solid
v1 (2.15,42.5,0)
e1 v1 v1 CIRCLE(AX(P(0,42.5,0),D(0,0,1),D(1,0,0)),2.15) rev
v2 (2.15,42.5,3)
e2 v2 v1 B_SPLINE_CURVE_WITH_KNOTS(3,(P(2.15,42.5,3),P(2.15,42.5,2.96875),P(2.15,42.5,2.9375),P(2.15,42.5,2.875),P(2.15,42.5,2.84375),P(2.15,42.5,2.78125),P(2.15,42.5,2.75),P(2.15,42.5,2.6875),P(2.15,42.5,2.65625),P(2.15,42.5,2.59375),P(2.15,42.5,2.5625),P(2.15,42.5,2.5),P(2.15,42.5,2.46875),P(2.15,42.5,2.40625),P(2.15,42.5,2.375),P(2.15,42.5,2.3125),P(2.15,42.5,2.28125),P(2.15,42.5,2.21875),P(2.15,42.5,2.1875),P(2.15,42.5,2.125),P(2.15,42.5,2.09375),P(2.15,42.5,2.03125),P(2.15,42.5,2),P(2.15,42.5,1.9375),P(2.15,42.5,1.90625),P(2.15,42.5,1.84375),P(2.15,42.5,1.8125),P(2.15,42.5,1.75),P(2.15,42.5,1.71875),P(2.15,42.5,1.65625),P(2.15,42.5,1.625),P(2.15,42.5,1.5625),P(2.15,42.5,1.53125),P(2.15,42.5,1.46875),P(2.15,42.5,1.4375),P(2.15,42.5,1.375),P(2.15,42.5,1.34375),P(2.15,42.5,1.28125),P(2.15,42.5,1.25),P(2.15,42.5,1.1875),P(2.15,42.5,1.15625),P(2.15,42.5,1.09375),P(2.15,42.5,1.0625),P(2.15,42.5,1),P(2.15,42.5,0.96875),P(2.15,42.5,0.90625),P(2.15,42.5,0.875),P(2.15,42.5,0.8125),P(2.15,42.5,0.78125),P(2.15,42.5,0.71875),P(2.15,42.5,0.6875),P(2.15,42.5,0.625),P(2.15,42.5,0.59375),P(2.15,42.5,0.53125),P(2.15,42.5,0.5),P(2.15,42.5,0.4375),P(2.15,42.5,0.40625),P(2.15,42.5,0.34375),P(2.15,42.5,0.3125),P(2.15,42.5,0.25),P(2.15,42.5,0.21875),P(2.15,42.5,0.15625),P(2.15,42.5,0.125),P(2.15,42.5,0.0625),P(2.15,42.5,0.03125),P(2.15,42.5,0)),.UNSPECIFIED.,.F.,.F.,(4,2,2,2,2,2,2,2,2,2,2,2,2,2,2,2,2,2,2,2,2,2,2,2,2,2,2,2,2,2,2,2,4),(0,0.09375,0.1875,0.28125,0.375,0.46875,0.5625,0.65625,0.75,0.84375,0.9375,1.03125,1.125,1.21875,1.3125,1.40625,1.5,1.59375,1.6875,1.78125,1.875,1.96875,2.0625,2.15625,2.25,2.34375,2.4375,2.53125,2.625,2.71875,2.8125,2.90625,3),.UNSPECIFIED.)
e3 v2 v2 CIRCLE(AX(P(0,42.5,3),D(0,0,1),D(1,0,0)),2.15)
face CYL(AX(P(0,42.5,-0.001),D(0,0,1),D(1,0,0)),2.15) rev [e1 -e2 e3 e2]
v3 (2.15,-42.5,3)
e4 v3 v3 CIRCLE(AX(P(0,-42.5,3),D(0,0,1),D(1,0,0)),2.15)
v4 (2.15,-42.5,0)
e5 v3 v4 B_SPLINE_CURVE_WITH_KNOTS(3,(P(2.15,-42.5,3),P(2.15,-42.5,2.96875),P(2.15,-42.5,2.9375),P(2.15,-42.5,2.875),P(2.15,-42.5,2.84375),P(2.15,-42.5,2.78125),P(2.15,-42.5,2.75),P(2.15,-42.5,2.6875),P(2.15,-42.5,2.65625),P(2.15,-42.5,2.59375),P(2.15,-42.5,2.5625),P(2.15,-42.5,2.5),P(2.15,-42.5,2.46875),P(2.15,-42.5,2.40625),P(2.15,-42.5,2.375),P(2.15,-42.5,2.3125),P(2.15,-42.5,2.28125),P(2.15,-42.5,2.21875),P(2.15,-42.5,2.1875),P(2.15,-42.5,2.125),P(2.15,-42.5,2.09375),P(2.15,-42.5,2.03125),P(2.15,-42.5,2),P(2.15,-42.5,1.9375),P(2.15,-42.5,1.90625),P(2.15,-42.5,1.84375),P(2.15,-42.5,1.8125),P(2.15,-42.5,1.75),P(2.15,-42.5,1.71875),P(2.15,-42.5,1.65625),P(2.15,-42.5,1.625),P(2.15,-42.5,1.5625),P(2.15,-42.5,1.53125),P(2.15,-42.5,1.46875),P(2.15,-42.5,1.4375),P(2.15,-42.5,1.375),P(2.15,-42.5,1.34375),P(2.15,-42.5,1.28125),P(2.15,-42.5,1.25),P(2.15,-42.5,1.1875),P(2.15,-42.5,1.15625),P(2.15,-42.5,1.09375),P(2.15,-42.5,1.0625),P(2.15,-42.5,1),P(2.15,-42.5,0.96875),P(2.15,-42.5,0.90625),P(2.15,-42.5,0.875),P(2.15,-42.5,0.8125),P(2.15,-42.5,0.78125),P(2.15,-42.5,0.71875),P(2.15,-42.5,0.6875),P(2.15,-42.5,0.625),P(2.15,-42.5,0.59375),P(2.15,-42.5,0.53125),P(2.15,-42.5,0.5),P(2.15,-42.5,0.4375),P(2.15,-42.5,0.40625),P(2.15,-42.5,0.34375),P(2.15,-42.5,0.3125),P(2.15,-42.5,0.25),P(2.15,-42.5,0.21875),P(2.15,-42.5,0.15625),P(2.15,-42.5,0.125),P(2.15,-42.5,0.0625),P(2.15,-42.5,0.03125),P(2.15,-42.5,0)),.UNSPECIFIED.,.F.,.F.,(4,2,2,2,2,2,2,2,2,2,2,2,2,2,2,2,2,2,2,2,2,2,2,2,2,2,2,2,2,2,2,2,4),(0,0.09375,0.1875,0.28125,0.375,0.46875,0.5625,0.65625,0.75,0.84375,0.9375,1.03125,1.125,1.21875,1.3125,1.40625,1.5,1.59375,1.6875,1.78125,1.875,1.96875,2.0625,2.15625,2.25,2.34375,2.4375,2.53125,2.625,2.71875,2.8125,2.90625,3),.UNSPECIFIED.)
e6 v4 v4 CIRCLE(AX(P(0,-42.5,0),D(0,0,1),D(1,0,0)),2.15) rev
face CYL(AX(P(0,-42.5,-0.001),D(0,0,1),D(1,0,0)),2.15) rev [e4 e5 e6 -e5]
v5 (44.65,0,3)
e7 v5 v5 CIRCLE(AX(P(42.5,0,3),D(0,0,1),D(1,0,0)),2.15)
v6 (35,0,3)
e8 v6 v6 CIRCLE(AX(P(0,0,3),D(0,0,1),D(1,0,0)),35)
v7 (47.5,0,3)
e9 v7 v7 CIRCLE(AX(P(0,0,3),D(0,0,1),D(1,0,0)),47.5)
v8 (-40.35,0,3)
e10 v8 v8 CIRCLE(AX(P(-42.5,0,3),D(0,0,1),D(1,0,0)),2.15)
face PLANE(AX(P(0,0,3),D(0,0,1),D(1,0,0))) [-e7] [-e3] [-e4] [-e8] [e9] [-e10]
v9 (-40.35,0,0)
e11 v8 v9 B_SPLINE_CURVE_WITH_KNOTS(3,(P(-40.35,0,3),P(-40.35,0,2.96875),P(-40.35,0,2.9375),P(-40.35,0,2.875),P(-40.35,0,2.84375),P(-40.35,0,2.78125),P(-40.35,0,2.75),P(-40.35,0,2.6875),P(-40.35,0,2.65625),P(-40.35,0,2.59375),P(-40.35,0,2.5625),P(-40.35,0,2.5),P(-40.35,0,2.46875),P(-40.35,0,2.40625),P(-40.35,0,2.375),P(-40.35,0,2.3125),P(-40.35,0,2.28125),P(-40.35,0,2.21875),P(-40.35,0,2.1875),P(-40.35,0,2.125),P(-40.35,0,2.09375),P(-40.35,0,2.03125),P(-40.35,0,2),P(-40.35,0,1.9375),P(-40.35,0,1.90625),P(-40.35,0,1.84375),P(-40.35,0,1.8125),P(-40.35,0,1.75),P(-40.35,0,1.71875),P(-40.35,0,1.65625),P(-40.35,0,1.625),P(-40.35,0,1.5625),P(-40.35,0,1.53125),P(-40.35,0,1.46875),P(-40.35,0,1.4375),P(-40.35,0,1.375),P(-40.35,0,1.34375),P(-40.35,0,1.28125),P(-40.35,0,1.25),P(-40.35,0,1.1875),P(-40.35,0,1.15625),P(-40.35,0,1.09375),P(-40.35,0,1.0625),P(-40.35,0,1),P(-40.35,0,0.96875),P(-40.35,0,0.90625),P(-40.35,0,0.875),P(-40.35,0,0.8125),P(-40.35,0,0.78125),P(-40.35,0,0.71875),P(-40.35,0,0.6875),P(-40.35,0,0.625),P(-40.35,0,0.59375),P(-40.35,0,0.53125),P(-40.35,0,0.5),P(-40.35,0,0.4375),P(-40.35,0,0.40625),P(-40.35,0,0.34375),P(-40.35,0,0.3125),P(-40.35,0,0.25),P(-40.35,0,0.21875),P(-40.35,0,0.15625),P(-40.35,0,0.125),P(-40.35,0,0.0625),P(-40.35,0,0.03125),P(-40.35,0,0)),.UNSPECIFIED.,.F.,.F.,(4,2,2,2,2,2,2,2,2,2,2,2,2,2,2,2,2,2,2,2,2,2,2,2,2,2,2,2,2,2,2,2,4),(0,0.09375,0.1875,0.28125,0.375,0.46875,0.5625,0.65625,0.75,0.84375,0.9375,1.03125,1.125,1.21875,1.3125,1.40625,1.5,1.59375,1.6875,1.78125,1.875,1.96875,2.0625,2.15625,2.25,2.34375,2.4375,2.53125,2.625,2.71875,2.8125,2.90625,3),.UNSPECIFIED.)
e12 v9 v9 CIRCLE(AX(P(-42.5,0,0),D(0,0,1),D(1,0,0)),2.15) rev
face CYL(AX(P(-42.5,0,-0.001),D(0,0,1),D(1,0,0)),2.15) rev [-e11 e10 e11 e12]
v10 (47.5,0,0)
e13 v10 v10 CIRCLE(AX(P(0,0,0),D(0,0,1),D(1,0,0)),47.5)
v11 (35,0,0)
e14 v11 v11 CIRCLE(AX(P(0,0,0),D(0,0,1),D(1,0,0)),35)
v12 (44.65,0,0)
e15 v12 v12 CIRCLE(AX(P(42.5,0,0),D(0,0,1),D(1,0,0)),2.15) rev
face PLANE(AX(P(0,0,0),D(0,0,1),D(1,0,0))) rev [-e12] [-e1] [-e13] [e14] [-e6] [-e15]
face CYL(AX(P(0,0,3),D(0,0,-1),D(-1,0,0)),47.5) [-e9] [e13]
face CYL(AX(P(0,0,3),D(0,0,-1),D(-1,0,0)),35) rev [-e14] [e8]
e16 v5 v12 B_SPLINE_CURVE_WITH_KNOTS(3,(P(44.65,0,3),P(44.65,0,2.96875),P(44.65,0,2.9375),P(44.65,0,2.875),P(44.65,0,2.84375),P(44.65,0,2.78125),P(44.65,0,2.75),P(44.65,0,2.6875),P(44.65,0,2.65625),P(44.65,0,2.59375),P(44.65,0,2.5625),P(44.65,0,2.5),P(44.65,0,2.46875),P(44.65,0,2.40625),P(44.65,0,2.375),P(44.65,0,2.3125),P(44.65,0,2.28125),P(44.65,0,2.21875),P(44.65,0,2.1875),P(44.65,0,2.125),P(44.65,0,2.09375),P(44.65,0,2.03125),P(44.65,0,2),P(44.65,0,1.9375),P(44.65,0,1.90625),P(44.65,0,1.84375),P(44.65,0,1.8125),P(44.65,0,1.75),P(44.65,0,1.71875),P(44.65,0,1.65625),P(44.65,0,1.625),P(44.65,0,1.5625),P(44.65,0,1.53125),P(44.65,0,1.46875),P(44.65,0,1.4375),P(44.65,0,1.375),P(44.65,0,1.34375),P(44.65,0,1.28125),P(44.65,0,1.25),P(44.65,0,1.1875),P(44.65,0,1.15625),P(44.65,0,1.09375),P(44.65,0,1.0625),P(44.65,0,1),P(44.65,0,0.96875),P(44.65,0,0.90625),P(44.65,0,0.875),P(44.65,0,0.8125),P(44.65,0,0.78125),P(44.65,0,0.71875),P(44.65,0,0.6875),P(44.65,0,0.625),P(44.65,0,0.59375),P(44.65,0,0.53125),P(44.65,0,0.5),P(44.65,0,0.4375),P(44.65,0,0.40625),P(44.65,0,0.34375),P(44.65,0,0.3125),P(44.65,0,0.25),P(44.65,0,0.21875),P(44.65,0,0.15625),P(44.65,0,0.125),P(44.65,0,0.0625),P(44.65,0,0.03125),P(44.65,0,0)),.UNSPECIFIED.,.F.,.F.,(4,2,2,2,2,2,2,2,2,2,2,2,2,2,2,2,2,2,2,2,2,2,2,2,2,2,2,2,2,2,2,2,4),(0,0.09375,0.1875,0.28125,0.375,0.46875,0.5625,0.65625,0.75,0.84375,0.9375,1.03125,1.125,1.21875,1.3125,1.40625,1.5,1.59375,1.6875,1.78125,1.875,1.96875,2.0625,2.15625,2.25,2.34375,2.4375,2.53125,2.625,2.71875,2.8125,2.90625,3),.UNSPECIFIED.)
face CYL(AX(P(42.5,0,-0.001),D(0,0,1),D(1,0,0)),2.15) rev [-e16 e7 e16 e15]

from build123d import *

# Parameters (mm, degrees)
SKETCH_1_R          = 47.5
SKETCH_1_R_2        = 35
EXTRUDE_1_DEPTH     = 3
CUT_EXTRUDE_1_REACH = 69.242
SKETCH_2_R          = 2.15


with BuildPart() as part:
    # 草图1 → 凸台-拉伸1 (new body)
    with BuildSketch(Plane.XY):
        Circle(SKETCH_1_R)
        Circle(SKETCH_1_R_2, mode=Mode.SUBTRACT)
    extrude(amount=EXTRUDE_1_DEPTH)

    # 草图2 → 切除-拉伸1 (cut, up to next)
    with BuildSketch(Plane.XY.offset(3), mode=Mode.PRIVATE) as cut_extrude_1_sk1:
        with Locations((42.5, 0)):
            Circle(SKETCH_2_R)
    cut_extrude_1_tool1 = extrude(cut_extrude_1_sk1.sketch, amount=-CUT_EXTRUDE_1_REACH, mode=Mode.PRIVATE) & part.part
    # 草图2 → 切除-拉伸1 (cut, up to next)
    with BuildSketch(Plane.XY.offset(3), mode=Mode.PRIVATE) as cut_extrude_1_sk2:
        with Locations((0, -42.5)):
            Circle(SKETCH_2_R)
    cut_extrude_1_tool2 = extrude(cut_extrude_1_sk2.sketch, amount=-CUT_EXTRUDE_1_REACH, mode=Mode.PRIVATE) & part.part
    # 草图2 → 切除-拉伸1 (cut, up to next)
    with BuildSketch(Plane.XY.offset(3), mode=Mode.PRIVATE) as cut_extrude_1_sk3:
        with Locations((-42.5, 0)):
            Circle(SKETCH_2_R)
    cut_extrude_1_tool3 = extrude(cut_extrude_1_sk3.sketch, amount=-CUT_EXTRUDE_1_REACH, mode=Mode.PRIVATE) & part.part
    # 草图2 → 切除-拉伸1 (cut, up to next)
    with BuildSketch(Plane.XY.offset(3), mode=Mode.PRIVATE) as cut_extrude_1_sk4:
        with Locations((0, 42.5)):
            Circle(SKETCH_2_R)
    cut_extrude_1_tool4 = extrude(cut_extrude_1_sk4.sketch, amount=-CUT_EXTRUDE_1_REACH, mode=Mode.PRIVATE) & part.part
    add(cut_extrude_1_tool1.solids().sort_by_distance((42.5, 0, 3))[0], mode=Mode.SUBTRACT)
    add(cut_extrude_1_tool2.solids().sort_by_distance((0, -42.5, 3))[0], mode=Mode.SUBTRACT)
    add(cut_extrude_1_tool3.solids().sort_by_distance((-42.5, 0, 3))[0], mode=Mode.SUBTRACT)
    add(cut_extrude_1_tool4.solids().sort_by_distance((0, 42.5, 3))[0], mode=Mode.SUBTRACT)


solid = part.part
